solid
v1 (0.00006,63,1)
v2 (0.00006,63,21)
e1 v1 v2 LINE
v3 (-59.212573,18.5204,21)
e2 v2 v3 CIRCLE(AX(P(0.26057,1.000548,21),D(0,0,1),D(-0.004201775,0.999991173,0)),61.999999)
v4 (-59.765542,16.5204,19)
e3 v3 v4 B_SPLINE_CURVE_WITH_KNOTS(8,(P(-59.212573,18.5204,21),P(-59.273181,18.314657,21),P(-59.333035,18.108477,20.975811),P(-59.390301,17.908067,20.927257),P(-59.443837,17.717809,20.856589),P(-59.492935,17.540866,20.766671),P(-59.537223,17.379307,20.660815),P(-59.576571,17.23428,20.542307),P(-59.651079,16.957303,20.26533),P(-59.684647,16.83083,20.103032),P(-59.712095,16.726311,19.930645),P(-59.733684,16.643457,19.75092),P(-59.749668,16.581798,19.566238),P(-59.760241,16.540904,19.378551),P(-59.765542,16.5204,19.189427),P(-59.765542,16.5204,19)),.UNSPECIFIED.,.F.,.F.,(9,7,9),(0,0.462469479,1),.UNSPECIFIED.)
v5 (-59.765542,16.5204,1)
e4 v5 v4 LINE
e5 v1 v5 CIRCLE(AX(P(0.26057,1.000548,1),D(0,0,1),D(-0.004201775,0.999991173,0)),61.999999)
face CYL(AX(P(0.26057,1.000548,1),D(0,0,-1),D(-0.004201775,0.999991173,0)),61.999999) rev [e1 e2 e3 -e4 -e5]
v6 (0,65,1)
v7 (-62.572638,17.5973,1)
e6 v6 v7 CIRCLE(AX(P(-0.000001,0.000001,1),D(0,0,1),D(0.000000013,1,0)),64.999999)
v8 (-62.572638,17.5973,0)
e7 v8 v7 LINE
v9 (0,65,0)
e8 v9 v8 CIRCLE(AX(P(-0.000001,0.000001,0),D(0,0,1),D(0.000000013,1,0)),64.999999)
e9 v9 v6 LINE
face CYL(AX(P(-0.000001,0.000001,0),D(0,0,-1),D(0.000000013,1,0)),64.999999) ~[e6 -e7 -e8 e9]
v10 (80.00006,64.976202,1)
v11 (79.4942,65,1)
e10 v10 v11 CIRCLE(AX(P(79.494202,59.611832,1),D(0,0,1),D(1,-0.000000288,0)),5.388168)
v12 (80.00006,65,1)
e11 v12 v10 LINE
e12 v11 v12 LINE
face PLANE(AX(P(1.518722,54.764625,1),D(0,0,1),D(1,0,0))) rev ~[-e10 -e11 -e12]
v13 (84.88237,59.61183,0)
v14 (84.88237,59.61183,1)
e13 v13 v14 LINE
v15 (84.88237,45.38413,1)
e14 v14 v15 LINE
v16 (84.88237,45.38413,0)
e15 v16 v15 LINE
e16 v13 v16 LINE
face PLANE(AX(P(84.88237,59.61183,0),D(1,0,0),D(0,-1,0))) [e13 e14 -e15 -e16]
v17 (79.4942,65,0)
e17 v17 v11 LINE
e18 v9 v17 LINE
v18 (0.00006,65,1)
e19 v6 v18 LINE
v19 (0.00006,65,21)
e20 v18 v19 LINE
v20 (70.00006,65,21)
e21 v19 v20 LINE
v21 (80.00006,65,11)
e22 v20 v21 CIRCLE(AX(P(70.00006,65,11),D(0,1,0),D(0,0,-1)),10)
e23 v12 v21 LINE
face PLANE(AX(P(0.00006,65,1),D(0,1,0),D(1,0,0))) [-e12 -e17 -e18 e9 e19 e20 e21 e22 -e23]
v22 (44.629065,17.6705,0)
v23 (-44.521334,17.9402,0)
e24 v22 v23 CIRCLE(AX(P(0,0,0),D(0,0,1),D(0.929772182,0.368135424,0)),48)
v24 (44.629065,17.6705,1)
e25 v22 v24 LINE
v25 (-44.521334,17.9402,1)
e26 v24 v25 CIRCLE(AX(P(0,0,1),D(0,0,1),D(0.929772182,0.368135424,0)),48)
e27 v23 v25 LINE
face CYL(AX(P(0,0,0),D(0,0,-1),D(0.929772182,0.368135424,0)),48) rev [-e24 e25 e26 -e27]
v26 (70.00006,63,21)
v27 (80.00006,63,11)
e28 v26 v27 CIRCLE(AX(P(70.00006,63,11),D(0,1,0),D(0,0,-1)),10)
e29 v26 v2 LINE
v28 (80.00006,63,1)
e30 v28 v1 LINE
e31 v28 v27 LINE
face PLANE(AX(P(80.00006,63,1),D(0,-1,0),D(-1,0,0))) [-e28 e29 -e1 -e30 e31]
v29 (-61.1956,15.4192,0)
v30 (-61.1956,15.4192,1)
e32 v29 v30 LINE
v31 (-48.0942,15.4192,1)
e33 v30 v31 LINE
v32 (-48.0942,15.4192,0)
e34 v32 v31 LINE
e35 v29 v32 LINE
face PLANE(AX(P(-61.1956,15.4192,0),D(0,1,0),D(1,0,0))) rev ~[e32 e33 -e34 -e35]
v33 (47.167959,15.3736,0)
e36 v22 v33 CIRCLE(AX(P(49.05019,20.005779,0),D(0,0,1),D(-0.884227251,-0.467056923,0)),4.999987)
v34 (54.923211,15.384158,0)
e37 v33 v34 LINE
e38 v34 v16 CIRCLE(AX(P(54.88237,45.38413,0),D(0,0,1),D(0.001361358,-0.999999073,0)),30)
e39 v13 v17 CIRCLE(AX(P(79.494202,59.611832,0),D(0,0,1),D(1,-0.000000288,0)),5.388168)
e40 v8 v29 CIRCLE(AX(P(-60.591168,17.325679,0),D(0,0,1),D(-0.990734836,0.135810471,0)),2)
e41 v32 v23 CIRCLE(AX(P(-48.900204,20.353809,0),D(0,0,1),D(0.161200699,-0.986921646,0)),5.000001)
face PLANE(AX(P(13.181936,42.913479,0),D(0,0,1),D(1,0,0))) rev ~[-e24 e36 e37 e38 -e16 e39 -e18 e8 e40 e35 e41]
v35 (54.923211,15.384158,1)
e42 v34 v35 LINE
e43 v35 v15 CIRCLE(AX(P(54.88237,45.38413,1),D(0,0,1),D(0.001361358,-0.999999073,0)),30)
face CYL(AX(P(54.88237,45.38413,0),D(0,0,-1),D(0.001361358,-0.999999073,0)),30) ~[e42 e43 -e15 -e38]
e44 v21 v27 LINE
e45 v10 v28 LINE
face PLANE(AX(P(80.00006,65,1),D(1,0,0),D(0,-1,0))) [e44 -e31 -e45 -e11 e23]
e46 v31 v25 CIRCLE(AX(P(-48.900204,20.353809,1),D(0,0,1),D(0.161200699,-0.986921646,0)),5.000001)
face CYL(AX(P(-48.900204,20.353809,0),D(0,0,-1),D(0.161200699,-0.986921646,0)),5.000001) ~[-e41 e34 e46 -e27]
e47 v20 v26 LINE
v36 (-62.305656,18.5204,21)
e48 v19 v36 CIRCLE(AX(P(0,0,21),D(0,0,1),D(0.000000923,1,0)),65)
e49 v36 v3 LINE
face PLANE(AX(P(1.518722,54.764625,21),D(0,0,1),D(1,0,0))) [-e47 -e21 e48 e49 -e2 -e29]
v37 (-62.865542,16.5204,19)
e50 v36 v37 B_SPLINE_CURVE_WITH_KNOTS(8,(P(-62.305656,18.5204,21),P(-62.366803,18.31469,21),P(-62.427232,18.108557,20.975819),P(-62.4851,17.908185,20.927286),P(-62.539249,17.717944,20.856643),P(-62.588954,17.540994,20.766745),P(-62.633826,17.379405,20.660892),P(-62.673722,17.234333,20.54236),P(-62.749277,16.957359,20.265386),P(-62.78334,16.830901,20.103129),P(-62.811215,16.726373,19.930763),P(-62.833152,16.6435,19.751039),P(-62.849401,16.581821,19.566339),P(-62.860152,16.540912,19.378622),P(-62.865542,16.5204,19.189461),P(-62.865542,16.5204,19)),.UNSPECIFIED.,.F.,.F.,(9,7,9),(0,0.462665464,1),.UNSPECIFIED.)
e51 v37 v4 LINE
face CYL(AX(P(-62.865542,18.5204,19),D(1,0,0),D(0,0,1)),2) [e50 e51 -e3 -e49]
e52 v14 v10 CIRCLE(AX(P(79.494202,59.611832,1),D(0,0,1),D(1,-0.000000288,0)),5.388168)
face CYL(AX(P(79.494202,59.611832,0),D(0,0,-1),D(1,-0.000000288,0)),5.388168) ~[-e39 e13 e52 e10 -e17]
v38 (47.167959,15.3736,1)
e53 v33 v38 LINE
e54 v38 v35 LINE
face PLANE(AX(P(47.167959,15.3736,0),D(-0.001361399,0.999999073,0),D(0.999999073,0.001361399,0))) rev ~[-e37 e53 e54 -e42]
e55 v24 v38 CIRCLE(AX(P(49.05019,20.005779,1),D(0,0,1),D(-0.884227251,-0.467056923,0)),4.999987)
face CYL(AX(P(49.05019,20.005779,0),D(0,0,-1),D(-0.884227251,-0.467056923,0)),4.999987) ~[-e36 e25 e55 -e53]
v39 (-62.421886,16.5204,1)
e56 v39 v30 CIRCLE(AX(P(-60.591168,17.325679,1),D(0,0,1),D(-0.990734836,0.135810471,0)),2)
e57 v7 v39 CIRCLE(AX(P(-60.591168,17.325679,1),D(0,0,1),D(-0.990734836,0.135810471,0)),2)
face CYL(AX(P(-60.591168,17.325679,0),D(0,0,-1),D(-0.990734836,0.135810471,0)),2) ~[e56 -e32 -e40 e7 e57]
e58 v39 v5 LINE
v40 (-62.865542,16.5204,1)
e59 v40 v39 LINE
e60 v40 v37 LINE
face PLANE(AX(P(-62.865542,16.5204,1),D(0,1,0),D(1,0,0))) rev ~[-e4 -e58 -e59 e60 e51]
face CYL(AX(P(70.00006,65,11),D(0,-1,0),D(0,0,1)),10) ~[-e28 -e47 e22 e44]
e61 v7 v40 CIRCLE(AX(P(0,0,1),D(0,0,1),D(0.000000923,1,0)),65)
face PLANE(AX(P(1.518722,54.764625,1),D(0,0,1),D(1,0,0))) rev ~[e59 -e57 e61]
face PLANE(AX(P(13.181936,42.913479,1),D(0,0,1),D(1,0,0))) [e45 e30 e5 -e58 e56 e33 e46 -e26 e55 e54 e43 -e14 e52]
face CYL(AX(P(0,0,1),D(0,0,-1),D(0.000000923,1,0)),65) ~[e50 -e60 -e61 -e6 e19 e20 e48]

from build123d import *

# Parameters (mm, degrees)
PAD_DEPTH    = 1
PAD004_DEPTH = 20
FILLET_R     = 10
FILLET001_R  = 2


with BuildPart() as part:
    # Sketch → Pad (new body)
    with BuildSketch(Plane.XY):
        with BuildLine():
            ThreePointArc((0, 65), (-39.250322, 51.811314), (-62.572638, 17.5973))
            ThreePointArc((-62.572638, 17.5973), (-62.281657, 16.256919), (-61.1956, 15.4192))
            Line((-61.1956, 15.4192), (-48.0942, 15.4192))
            ThreePointArc((-48.0942, 15.4192), (-46.017568, 16.268418), (-44.521334, 17.9402))
            ThreePointArc((44.629065, 17.6705), (0.14521, 47.99978), (-44.521334, 17.9402))
            ThreePointArc((44.629065, 17.6705), (45.695788, 16.297968), (47.167959, 15.3736))
            Line((47.167959, 15.3736), (54.923211, 15.384158))
            ThreePointArc((54.923211, 15.384158), (76.110008, 24.185371), (84.88237, 45.38413))
            Line((84.88237, 59.61183), (84.88237, 45.38413))
            ThreePointArc((84.88237, 59.61183), (83.304212, 63.421842), (79.4942, 65))
            Line((0, 65), (79.4942, 65))
        make_face()
    extrude(amount=PAD_DEPTH)

    # Sketch001 → Pad004 (new body)
    with BuildSketch(Plane.XY.offset(1)):
        with BuildLine():
            ThreePointArc((6e-05, 65), (-39.693641, 51.472467), (-62.865542, 16.5204))
            Line((-62.865542, 16.5204), (-59.765542, 16.5204))
            ThreePointArc((6e-05, 63), (-37.80132, 49.942273), (-59.765542, 16.5204))
            Line((80.00006, 63), (6e-05, 63))
            Line((80.00006, 65), (80.00006, 63))
            Line((6e-05, 65), (80.00006, 65))
        make_face()
    extrude(amount=PAD004_DEPTH)

    # Fillet
    fillet_edges = [part.edges().sort_by_distance(p)[0] for p in [
        (80.00006, 64, 21),
    ]]
    fillet(fillet_edges, radius=FILLET_R)

    # Fillet001
    fillet001_edges = [part.edges().sort_by_distance(p)[0] for p in [
        (-61.315542, 16.5204, 21),
    ]]
    fillet(fillet001_edges, radius=FILLET001_R)


solid = part.part
